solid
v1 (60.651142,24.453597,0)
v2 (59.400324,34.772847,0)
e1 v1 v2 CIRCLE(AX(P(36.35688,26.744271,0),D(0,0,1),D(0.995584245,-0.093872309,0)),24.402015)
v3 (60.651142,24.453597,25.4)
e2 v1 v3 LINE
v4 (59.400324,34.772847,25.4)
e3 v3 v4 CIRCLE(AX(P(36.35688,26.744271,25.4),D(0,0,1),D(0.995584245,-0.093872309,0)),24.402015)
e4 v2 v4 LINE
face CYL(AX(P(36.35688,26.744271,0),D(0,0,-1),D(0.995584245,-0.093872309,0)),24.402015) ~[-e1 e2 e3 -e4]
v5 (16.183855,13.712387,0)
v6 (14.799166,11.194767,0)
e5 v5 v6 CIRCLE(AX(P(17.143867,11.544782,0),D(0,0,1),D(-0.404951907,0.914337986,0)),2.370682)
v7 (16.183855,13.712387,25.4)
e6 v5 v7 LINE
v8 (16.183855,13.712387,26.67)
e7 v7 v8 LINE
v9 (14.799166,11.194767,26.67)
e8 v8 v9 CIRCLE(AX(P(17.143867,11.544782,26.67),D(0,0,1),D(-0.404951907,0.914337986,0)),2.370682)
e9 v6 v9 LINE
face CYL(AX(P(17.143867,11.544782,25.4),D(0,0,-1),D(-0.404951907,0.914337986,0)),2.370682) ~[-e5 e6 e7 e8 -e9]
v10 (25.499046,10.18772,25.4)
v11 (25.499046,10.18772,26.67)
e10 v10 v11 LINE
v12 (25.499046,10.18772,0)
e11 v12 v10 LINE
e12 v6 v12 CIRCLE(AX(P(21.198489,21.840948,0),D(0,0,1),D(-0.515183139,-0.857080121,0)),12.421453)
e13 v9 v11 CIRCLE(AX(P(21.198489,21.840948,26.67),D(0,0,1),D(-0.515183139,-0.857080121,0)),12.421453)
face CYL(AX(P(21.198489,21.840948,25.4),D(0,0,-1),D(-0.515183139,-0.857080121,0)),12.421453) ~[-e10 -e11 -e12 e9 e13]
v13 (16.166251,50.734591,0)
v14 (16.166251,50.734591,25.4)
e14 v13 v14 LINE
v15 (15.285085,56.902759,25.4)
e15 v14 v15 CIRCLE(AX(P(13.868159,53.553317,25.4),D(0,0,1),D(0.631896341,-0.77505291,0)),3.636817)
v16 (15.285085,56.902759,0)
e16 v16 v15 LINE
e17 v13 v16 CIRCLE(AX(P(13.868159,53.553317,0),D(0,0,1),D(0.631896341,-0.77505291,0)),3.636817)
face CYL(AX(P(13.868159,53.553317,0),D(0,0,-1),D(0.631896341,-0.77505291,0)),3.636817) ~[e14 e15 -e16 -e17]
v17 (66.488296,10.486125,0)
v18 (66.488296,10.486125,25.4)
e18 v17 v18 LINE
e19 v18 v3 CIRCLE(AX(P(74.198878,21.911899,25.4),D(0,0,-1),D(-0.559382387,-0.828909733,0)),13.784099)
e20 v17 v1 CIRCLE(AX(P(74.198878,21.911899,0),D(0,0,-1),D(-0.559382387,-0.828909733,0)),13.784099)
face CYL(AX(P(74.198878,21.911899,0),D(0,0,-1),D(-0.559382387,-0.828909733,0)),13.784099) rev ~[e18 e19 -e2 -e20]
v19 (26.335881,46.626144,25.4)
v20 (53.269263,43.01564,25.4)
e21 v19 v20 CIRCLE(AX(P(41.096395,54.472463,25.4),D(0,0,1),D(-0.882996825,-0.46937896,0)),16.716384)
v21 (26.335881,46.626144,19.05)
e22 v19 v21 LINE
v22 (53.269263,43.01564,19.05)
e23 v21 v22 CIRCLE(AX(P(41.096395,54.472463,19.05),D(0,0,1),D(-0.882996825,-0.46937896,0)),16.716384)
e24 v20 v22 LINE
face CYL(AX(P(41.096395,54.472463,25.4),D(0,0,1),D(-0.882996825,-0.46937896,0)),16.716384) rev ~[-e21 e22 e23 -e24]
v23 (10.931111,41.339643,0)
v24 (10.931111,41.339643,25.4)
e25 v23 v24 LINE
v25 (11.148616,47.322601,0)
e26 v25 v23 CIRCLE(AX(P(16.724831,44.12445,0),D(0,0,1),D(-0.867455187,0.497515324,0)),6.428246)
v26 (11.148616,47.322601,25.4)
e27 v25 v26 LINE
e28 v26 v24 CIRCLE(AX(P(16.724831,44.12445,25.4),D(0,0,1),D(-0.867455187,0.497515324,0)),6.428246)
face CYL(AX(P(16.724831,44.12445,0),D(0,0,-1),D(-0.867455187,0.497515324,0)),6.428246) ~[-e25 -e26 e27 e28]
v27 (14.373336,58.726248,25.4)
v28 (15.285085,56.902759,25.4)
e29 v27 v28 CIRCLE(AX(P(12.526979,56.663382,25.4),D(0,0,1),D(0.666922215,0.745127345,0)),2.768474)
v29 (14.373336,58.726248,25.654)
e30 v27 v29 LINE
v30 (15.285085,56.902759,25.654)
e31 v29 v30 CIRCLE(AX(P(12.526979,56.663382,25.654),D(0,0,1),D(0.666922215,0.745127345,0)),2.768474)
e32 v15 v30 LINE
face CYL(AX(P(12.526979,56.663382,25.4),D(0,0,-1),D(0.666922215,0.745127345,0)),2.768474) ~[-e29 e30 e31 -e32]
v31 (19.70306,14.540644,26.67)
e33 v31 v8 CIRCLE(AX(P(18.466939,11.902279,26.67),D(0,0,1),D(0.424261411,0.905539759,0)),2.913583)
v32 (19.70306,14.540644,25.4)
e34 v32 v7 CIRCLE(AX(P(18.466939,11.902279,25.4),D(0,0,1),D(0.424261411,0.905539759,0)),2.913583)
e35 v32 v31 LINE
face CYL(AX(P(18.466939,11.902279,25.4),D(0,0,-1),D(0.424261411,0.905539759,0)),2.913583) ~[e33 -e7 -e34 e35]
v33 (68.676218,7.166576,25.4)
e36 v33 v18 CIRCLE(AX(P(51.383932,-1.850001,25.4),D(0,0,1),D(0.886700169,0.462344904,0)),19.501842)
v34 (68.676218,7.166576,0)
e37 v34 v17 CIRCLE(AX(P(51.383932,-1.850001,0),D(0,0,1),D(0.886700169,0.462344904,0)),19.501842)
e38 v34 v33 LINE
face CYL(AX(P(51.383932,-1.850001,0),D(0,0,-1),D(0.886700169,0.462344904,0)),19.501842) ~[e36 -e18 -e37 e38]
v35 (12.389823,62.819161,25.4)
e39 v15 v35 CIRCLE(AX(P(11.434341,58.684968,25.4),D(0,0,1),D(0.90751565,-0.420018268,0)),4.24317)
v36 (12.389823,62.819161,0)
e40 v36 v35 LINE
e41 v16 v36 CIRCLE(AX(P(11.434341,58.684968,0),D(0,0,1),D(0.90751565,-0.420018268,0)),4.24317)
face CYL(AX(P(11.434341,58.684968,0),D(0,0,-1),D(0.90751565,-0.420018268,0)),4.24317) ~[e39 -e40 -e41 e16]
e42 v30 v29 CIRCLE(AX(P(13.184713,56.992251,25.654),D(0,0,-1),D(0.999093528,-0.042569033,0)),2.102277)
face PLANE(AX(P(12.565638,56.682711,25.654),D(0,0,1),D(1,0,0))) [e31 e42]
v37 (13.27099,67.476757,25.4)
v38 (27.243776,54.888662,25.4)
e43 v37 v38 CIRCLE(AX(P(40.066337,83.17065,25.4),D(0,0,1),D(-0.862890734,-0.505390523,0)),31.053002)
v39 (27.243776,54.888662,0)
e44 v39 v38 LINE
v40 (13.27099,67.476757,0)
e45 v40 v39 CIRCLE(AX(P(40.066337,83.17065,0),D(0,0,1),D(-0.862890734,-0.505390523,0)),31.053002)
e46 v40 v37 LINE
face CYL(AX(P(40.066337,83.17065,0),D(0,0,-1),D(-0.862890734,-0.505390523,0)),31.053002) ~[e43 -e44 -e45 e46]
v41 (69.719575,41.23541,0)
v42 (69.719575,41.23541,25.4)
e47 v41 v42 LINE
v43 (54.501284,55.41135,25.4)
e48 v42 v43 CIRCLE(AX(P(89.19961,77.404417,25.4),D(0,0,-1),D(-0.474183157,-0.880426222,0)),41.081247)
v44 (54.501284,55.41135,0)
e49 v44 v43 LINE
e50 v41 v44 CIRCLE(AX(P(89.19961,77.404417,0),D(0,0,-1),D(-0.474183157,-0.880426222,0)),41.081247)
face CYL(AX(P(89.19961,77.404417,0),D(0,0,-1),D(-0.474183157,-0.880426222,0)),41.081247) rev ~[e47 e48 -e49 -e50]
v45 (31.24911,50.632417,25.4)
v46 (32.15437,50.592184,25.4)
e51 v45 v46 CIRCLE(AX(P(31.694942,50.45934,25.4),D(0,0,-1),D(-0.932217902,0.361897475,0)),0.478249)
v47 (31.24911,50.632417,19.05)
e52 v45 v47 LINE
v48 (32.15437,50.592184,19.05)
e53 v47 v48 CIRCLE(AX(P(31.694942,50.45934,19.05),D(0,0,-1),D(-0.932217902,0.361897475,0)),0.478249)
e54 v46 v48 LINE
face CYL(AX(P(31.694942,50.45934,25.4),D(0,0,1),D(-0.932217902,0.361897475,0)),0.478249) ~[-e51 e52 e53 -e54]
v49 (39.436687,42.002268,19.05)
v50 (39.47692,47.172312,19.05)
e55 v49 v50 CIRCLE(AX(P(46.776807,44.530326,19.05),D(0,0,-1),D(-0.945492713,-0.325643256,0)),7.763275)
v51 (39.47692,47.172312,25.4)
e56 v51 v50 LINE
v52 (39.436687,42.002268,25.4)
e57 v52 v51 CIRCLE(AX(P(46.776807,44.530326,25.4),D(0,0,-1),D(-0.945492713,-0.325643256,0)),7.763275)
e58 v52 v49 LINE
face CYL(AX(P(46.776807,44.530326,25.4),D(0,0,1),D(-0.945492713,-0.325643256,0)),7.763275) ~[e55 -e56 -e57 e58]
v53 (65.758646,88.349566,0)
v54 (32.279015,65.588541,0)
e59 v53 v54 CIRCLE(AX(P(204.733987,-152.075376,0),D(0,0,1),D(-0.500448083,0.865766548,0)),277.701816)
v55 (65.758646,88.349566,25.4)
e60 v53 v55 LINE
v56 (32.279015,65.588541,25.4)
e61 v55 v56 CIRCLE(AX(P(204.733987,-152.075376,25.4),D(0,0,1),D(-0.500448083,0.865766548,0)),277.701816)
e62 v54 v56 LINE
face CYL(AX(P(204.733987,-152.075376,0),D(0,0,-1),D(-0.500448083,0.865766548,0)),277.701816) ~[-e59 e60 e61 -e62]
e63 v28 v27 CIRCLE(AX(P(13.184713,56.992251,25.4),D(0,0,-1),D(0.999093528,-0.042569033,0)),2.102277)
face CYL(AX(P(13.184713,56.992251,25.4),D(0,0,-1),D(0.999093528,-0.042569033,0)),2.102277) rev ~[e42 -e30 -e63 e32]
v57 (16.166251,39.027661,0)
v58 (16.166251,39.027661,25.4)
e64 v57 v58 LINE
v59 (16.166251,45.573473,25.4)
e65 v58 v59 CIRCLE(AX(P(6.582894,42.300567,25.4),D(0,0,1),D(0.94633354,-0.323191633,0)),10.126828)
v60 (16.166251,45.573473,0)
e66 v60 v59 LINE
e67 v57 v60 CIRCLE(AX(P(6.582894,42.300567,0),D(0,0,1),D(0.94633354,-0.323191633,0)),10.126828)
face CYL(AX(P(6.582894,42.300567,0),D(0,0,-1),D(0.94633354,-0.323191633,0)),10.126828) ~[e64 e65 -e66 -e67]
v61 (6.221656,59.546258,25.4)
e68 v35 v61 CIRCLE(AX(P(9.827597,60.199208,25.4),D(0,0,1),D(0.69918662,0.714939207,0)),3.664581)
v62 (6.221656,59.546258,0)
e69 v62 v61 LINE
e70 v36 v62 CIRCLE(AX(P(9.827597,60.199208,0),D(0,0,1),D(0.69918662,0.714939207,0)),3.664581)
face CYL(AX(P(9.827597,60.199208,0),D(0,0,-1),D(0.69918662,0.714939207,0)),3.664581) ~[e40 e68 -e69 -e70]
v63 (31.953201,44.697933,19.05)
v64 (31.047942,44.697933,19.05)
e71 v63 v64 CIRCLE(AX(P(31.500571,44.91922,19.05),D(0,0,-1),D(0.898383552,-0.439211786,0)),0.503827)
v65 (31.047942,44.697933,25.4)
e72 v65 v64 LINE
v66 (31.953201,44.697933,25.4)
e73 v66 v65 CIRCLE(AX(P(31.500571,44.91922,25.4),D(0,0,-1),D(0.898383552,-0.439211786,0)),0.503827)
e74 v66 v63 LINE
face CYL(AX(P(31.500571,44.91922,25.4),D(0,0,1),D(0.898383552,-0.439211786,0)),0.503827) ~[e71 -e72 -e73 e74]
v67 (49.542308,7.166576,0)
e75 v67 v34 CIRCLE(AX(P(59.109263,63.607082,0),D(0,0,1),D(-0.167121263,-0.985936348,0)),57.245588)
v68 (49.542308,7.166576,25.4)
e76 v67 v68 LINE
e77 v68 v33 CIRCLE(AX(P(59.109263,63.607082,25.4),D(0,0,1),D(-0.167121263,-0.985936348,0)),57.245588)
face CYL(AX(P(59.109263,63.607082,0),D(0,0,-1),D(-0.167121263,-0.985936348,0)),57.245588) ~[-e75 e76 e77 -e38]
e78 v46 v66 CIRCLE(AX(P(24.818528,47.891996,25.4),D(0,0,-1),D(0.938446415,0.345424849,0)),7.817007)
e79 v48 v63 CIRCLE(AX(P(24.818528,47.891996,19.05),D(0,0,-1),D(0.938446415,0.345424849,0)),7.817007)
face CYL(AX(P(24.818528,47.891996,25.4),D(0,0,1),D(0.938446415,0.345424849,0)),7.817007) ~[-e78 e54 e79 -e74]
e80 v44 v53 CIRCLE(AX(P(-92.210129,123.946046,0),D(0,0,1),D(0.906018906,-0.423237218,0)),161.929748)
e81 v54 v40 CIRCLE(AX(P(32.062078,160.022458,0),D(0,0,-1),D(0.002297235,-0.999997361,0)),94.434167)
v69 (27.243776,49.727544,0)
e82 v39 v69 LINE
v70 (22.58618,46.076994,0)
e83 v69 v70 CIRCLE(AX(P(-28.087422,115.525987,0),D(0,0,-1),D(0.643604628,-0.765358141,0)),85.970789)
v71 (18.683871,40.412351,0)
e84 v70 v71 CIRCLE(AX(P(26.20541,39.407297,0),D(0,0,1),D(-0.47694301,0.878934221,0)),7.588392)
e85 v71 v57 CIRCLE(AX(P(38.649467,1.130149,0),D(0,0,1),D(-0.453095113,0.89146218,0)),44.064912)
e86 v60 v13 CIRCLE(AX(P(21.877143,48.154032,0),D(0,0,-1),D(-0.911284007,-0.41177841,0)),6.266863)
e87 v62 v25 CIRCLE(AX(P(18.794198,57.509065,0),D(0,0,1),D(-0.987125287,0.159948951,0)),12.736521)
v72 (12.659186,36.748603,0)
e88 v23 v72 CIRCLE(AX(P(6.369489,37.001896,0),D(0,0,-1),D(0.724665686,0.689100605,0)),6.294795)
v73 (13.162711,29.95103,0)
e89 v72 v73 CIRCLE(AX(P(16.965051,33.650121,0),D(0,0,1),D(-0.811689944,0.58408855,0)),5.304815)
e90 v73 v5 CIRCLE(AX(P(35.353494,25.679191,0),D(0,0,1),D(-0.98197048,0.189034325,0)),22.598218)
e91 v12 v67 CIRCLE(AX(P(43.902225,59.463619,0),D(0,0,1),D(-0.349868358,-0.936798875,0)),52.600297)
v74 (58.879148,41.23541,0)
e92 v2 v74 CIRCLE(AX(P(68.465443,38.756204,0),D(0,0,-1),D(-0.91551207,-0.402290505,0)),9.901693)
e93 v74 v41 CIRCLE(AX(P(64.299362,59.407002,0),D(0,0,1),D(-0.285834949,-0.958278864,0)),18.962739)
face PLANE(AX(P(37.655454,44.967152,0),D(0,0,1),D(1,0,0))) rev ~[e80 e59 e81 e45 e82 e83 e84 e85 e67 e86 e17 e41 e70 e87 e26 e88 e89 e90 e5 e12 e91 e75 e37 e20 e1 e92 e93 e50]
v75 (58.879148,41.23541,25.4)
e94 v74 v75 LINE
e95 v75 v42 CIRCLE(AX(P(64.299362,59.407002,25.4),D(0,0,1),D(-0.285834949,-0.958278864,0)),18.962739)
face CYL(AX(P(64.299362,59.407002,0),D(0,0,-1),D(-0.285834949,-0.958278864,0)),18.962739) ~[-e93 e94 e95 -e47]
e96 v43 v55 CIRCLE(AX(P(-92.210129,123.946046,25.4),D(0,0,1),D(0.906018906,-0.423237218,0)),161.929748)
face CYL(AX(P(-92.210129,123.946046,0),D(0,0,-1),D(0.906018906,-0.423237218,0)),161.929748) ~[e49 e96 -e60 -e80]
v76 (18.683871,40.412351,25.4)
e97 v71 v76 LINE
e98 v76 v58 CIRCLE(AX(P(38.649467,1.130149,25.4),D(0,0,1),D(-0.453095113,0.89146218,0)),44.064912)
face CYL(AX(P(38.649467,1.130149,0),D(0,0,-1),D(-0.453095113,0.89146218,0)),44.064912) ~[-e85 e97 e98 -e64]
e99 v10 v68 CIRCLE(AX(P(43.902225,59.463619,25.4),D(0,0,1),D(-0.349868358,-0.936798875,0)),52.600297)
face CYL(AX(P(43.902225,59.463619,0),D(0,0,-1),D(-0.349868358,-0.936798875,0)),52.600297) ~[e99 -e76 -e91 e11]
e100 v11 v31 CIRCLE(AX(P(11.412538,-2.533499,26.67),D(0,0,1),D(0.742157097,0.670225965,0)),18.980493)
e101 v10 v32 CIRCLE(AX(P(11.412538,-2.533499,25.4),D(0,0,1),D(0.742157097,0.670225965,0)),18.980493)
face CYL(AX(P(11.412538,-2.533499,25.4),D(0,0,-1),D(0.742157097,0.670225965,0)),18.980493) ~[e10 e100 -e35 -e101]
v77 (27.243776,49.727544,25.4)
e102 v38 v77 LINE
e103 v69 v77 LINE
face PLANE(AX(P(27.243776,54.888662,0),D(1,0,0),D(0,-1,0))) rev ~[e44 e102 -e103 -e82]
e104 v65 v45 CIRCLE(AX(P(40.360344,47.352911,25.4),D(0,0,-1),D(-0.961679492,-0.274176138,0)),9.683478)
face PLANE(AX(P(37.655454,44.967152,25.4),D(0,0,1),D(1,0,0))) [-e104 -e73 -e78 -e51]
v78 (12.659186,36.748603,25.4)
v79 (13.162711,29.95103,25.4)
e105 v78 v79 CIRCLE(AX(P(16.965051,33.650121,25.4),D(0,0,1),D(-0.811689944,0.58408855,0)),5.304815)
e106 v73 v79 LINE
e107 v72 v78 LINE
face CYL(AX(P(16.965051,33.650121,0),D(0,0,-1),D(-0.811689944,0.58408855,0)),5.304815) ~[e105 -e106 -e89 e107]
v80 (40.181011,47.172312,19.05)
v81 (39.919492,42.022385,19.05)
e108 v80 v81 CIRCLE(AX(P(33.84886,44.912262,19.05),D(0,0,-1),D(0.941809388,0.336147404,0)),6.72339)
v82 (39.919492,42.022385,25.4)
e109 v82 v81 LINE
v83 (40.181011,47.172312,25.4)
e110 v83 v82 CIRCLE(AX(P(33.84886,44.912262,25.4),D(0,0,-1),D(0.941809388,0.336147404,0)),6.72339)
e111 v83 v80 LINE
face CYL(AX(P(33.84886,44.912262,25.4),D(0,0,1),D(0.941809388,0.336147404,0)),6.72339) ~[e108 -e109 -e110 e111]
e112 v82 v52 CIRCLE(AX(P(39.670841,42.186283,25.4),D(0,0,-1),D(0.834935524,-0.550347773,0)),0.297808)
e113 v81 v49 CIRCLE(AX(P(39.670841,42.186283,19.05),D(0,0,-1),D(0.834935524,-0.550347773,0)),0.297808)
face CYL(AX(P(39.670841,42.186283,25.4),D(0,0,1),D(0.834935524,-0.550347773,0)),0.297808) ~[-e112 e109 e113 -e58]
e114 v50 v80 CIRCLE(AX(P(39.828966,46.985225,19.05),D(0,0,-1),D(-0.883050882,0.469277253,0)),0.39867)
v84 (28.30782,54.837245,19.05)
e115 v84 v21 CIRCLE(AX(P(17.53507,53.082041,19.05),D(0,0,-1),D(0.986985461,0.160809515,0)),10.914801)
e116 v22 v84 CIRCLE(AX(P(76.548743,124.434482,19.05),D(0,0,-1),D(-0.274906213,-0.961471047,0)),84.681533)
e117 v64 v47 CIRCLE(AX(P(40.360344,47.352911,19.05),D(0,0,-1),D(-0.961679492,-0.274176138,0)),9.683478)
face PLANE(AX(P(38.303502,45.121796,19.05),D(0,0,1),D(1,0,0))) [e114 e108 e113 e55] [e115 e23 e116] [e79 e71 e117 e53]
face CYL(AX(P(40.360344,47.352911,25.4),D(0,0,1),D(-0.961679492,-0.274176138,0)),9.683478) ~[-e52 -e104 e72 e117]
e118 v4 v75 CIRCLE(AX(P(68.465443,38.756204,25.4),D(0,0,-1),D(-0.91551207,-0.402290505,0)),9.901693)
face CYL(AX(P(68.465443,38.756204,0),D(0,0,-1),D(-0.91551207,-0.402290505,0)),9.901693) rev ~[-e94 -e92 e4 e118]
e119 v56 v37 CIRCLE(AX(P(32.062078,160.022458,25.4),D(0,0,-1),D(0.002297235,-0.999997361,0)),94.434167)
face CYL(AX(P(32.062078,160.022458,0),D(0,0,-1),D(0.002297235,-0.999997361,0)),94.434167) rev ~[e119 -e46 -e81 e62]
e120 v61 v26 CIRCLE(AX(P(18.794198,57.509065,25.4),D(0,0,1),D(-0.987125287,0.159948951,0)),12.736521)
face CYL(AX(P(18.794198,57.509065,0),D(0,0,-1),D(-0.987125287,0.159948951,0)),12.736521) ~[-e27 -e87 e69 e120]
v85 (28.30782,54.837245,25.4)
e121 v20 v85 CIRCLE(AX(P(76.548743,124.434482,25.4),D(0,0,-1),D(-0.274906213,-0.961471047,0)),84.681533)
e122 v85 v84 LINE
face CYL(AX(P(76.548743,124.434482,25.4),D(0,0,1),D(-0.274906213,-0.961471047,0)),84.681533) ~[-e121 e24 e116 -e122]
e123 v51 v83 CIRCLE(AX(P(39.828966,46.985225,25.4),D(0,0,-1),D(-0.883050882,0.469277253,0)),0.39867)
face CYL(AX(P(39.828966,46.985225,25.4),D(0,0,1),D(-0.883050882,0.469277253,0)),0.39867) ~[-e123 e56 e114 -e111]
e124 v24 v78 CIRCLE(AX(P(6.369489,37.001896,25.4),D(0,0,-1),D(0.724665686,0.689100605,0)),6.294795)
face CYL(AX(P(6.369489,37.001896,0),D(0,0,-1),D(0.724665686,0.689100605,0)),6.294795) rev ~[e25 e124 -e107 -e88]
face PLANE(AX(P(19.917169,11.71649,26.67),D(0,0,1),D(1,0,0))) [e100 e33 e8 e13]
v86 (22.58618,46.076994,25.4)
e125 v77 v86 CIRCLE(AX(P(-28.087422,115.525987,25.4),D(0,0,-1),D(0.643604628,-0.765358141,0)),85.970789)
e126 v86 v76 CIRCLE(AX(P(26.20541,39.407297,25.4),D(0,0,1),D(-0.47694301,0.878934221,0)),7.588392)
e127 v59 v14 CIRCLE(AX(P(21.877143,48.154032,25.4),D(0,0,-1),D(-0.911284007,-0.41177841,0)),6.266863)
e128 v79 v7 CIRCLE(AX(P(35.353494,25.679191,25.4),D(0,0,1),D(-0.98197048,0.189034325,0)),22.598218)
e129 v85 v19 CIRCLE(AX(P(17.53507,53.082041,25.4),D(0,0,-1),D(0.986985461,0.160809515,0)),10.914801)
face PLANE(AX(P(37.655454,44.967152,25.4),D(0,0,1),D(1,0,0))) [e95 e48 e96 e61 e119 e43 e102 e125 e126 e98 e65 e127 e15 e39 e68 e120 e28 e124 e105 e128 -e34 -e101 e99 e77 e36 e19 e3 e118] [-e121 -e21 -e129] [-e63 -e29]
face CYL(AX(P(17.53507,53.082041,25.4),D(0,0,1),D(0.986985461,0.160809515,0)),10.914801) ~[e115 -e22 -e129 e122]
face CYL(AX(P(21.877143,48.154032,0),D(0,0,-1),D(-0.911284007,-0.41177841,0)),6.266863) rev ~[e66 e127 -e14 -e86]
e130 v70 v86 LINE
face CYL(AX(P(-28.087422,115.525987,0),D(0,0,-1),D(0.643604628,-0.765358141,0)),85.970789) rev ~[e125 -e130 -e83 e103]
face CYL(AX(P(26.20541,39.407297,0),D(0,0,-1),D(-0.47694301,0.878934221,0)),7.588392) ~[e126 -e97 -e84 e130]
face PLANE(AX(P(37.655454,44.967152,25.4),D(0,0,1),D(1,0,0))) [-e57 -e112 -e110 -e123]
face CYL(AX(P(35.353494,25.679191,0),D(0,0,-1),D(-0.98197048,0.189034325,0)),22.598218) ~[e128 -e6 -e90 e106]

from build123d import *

# Parameters (mm, degrees)
F1_DEPTH = 25.4
F3_DEPTH = 0.254
F5_DEPTH = 6.35
F7_DEPTH = 1.27


with BuildPart() as f1:
    # F0 (on Top) → F1 (new body)
    with BuildSketch(Plane.XY):
        with BuildLine():
            ThreePointArc((25.499046, 10.18772), (37.34433, 7.273723), (49.542308, 7.166576))
            ThreePointArc((49.542308, 7.166576), (59.109263, 6.361494), (68.676218, 7.166576))
            ThreePointArc((68.676218, 7.166576), (67.66707, 8.882251), (66.488296, 10.486125))
            ThreePointArc((66.488296, 10.486125), (61.480718, 16.596846), (60.651142, 24.453597))
            ThreePointArc((60.651142, 24.453597), (60.581585, 29.680598), (59.400324, 34.772847))
            ThreePointArc((59.400324, 34.772847), (58.595793, 37.960262), (58.879148, 41.23541))
            ThreePointArc((58.879148, 41.23541), (64.299362, 40.444263), (69.719575, 41.23541))
            ThreePointArc((69.719575, 41.23541), (61.198485, 47.34438), (54.501284, 55.41135))
            ThreePointArc((54.501284, 55.41135), (61.017596, 71.57709), (65.758646, 88.349566))
            ThreePointArc((65.758646, 88.349566), (48.603509, 77.579957), (32.279015, 65.588541))
            ThreePointArc((32.279015, 65.588541), (22.727137, 66.05081), (13.27099, 67.476757))
            ThreePointArc((13.27099, 67.476757), (19.281494, 60.099473), (27.243776, 54.888662))
            Line((27.243776, 54.888662), (27.243776, 49.727544))
            ThreePointArc((27.243776, 49.727544), (24.946398, 47.862182), (22.58618, 46.076994))
            ThreePointArc((22.58618, 46.076994), (19.956312, 43.712231), (18.683871, 40.412351))
            ThreePointArc((18.683871, 40.412351), (17.413772, 39.740532), (16.166251, 39.027661))
            ThreePointArc((16.166251, 39.027661), (16.709722, 42.300567), (16.166251, 45.573473))
            ThreePointArc((16.166251, 45.573473), (15.61028, 48.154032), (16.166251, 50.734591))
            ThreePointArc((16.166251, 50.734591), (17.468425, 54.06764), (15.285085, 56.902759))
            ThreePointArc((15.285085, 56.902759), (15.245628, 60.550066), (12.389823, 62.819161))
            ThreePointArc((12.389823, 62.819161), (8.109951, 63.436313), (6.221656, 59.546258))
            ThreePointArc((6.221656, 59.546258), (6.981172, 52.747617), (11.148616, 47.322601))
            ThreePointArc((11.148616, 47.322601), (10.300829, 44.357989), (10.931111, 41.339643))
            ThreePointArc((10.931111, 41.339643), (12.26077, 39.219384), (12.659186, 36.748603))
            ThreePointArc((12.659186, 36.748603), (11.67473, 33.258245), (13.162711, 29.95103))
            ThreePointArc((13.162711, 29.95103), (13.136507, 21.545797), (16.183855, 13.712387))
            ThreePointArc((16.183855, 13.712387), (15.066637, 12.687257), (14.799166, 11.194767))
            ThreePointArc((14.799166, 11.194767), (20.034555, 9.474147), (25.499046, 10.18772))
        make_face()
    extrude(amount=F1_DEPTH)

    # F2 (on face) → F3 (join)
    with BuildSketch(Plane.XY.offset(25.4)):
        with BuildLine():
            ThreePointArc((15.285085, 56.902759), (11.304381, 56.052081), (14.373336, 58.726248))
            ThreePointArc((14.373336, 58.726248), (10.050782, 55.425279), (15.285085, 56.902759))
        make_face()
    extrude(amount=F3_DEPTH)

    # F4 (on face) → F5 (cut)
    with BuildSketch(Plane.XY.offset(25.4)):
        with BuildLine():
            ThreePointArc((28.30782, 54.837245), (28.14811, 50.533264), (26.335881, 46.626144))
            ThreePointArc((26.335881, 46.626144), (38.875379, 37.904283), (53.269263, 43.01564))
            ThreePointArc((53.269263, 43.01564), (40.303335, 47.901924), (28.30782, 54.837245))
        make_face()
        with BuildLine():
            ThreePointArc((39.436687, 42.002268), (39.013767, 44.590738), (39.47692, 47.172312))
            ThreePointArc((39.47692, 47.172312), (39.828965, 47.383895), (40.181011, 47.172312))
            ThreePointArc((40.181011, 47.172312), (40.563597, 44.57128), (39.919492, 42.022385))
            ThreePointArc((39.919492, 42.022385), (39.683239, 41.888733), (39.436687, 42.002268))
        make_face(mode=Mode.SUBTRACT)
        with BuildLine():
            ThreePointArc((31.047942, 44.697933), (30.682425, 47.680975), (31.24911, 50.632417))
            ThreePointArc((31.24911, 50.632417), (31.716176, 50.937117), (32.15437, 50.592184))
            ThreePointArc((32.15437, 50.592184), (32.630986, 47.625359), (31.953201, 44.697933))
            ThreePointArc((31.953201, 44.697933), (31.500571, 44.415393), (31.047942, 44.697933))
        make_face(mode=Mode.SUBTRACT)
    extrude(amount=-F5_DEPTH, mode=Mode.SUBTRACT)

    # F6 (on face) → F7 (join)
    with BuildSketch(Plane.XY.offset(25.4)):
        with BuildLine():
            ThreePointArc((19.70306, 14.540644), (17.799455, 14.738373), (16.183855, 13.712387))
            ThreePointArc((16.183855, 13.712387), (15.066637, 12.687257), (14.799166, 11.194767))
            ThreePointArc((14.799166, 11.194767), (20.034555, 9.474147), (25.499046, 10.18772))
            ThreePointArc((25.499046, 10.18772), (22.810777, 12.643433), (19.70306, 14.540644))
        make_face()
    extrude(amount=F7_DEPTH)


solid = f1.part
